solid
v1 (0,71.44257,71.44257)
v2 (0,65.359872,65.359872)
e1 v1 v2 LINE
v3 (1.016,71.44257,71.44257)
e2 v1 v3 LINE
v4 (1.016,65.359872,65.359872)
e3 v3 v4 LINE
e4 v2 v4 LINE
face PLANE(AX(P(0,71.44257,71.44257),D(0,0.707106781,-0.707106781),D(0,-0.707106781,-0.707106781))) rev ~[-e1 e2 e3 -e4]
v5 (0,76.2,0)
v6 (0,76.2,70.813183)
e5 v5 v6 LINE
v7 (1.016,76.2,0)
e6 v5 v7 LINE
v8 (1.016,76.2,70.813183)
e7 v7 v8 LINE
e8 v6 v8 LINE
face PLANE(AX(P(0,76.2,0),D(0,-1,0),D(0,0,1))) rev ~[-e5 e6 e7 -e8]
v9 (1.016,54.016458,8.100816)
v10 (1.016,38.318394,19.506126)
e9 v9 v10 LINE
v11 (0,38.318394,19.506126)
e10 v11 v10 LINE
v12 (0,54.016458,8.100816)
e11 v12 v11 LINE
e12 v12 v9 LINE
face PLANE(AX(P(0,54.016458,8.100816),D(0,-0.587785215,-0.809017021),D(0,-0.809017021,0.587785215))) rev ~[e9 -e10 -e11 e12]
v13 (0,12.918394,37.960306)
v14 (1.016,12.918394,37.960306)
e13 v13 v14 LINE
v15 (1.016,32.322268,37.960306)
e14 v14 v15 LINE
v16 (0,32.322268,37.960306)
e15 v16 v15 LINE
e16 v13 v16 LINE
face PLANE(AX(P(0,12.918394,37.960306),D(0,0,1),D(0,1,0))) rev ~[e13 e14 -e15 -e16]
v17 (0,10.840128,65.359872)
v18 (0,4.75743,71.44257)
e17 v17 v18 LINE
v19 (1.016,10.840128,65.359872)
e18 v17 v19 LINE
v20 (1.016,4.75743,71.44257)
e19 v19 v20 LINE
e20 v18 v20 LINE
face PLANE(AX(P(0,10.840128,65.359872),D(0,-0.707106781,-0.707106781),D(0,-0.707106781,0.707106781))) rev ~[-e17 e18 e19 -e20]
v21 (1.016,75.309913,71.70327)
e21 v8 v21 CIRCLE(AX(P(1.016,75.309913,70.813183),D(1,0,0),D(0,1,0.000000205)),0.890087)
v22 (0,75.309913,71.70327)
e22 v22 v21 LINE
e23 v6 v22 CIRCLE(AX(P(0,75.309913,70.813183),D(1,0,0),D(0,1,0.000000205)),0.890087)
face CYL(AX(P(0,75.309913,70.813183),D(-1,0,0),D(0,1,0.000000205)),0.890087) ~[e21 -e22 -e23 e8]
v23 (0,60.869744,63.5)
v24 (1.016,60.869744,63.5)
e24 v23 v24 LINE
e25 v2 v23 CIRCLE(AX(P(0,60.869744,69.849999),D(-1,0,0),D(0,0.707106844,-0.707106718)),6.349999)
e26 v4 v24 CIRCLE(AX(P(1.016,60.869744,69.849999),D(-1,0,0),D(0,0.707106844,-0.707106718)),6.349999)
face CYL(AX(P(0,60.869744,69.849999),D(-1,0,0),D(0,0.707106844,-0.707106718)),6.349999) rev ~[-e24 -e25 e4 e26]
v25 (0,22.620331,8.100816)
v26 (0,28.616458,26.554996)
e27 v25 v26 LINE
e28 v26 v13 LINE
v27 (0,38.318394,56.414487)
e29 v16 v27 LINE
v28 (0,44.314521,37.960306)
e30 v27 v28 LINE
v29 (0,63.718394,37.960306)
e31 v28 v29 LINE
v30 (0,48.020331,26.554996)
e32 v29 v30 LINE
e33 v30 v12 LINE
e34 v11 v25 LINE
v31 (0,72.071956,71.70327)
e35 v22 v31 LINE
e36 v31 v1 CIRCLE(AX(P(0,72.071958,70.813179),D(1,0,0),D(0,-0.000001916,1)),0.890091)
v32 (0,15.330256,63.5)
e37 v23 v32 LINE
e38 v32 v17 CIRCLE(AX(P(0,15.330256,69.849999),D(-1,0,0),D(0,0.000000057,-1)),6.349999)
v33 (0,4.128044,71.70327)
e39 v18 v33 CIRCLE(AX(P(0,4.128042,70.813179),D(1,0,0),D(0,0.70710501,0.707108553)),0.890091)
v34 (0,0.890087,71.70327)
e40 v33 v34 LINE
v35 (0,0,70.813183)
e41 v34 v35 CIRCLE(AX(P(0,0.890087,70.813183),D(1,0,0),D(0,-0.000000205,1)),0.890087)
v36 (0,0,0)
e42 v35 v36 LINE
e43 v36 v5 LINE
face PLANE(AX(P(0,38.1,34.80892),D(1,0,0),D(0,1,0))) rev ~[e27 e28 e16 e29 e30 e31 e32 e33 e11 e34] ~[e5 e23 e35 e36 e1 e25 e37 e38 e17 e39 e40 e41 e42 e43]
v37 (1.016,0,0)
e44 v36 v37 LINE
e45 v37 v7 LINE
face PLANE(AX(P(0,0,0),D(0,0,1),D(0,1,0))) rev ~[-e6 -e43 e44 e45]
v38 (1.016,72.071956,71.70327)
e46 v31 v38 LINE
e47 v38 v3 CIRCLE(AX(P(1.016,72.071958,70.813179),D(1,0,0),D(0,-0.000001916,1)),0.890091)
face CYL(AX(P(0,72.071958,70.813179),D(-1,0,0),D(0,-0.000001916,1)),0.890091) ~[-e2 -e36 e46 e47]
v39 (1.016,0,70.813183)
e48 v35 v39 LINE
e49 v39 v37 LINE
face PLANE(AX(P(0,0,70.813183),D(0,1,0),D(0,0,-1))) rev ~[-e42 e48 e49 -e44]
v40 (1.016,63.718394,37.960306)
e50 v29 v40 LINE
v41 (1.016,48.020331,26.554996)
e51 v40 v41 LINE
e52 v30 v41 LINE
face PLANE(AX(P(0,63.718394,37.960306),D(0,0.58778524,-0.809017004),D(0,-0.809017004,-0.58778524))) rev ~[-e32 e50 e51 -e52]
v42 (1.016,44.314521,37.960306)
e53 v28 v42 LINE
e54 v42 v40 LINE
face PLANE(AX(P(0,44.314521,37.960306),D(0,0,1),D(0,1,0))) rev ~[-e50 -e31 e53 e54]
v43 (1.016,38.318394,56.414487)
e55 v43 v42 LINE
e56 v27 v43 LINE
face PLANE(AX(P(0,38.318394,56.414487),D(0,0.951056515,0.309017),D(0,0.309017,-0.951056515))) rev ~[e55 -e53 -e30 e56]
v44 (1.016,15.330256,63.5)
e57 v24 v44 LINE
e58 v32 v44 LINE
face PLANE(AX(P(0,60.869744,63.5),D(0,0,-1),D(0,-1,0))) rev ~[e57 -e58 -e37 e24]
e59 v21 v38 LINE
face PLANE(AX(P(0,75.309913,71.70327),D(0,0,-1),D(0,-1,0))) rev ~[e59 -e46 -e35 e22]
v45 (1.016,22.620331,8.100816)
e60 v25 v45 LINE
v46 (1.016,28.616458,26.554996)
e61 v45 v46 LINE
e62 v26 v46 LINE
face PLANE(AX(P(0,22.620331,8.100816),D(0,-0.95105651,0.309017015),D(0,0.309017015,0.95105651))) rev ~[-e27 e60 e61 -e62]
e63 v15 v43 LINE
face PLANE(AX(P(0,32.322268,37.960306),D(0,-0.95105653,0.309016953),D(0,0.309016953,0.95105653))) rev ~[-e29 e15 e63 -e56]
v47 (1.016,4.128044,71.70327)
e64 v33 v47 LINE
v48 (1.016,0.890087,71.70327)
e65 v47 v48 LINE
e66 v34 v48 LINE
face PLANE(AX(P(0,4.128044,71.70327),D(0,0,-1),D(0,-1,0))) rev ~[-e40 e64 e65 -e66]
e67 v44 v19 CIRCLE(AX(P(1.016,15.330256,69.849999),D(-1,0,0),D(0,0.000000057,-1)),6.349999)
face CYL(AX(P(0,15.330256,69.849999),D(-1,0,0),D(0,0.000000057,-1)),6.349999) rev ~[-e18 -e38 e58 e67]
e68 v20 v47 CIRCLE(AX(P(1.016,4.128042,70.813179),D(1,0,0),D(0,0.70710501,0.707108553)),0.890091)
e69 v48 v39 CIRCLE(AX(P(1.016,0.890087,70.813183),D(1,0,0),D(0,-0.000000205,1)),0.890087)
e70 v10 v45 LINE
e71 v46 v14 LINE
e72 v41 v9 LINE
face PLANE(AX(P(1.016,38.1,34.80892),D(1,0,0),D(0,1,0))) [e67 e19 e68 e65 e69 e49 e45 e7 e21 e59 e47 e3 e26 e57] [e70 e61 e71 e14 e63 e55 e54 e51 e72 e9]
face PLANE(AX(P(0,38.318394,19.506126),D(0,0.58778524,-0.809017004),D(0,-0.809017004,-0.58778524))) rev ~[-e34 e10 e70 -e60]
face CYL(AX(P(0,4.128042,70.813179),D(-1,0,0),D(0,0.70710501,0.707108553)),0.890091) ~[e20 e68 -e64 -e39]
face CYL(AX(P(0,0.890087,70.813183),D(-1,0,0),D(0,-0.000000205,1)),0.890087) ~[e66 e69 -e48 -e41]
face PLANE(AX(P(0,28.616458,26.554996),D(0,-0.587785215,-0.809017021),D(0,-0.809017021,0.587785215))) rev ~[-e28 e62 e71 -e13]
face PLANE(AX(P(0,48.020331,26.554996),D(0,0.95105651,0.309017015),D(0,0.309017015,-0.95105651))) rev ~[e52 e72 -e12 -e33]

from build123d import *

# Parameters (mm, degrees)
F1_DEPTH = 1.016


with BuildPart() as f1:
    # F0 (on Right) → F1 (new body)
    with BuildSketch(Plane.YZ):
        with BuildLine():
            Line((0, 70.813183), (0, 0))
            Line((0, 0), (76.2, 0))
            Line((76.2, 0), (76.2, 70.813183))
            ThreePointArc((76.2, 70.813183), (75.939299, 71.44257), (75.309913, 71.70327))
            Line((75.309913, 71.70327), (72.071956, 71.70327))
            ThreePointArc((72.071956, 71.70327), (71.731335, 71.635516), (71.44257, 71.44257))
            Line((71.44257, 71.44257), (65.359872, 65.359872))
            ThreePointArc((65.359872, 65.359872), (63.299784, 63.983365), (60.869744, 63.5))
            Line((60.869744, 63.5), (15.330256, 63.5))
            ThreePointArc((15.330256, 63.5), (12.900216, 63.983365), (10.840128, 65.359872))
            Line((10.840128, 65.359872), (4.75743, 71.44257))
            ThreePointArc((4.75743, 71.44257), (4.468665, 71.635516), (4.128044, 71.70327))
            Line((4.128044, 71.70327), (0.890087, 71.70327))
            ThreePointArc((0.890087, 71.70327), (0.260701, 71.44257), (0, 70.813183))
        make_face()
        Polygon((28.616458, 26.554996), (12.918394, 37.960306), (32.322268, 37.960306), (38.318394, 56.414487), (44.314521, 37.960306), (63.718394, 37.960306), (48.020331, 26.554996), (54.016458, 8.100816), (38.318394, 19.506126), (22.620331, 8.100816), align=None, mode=Mode.SUBTRACT)
    extrude(amount=F1_DEPTH)


solid = f1.part
